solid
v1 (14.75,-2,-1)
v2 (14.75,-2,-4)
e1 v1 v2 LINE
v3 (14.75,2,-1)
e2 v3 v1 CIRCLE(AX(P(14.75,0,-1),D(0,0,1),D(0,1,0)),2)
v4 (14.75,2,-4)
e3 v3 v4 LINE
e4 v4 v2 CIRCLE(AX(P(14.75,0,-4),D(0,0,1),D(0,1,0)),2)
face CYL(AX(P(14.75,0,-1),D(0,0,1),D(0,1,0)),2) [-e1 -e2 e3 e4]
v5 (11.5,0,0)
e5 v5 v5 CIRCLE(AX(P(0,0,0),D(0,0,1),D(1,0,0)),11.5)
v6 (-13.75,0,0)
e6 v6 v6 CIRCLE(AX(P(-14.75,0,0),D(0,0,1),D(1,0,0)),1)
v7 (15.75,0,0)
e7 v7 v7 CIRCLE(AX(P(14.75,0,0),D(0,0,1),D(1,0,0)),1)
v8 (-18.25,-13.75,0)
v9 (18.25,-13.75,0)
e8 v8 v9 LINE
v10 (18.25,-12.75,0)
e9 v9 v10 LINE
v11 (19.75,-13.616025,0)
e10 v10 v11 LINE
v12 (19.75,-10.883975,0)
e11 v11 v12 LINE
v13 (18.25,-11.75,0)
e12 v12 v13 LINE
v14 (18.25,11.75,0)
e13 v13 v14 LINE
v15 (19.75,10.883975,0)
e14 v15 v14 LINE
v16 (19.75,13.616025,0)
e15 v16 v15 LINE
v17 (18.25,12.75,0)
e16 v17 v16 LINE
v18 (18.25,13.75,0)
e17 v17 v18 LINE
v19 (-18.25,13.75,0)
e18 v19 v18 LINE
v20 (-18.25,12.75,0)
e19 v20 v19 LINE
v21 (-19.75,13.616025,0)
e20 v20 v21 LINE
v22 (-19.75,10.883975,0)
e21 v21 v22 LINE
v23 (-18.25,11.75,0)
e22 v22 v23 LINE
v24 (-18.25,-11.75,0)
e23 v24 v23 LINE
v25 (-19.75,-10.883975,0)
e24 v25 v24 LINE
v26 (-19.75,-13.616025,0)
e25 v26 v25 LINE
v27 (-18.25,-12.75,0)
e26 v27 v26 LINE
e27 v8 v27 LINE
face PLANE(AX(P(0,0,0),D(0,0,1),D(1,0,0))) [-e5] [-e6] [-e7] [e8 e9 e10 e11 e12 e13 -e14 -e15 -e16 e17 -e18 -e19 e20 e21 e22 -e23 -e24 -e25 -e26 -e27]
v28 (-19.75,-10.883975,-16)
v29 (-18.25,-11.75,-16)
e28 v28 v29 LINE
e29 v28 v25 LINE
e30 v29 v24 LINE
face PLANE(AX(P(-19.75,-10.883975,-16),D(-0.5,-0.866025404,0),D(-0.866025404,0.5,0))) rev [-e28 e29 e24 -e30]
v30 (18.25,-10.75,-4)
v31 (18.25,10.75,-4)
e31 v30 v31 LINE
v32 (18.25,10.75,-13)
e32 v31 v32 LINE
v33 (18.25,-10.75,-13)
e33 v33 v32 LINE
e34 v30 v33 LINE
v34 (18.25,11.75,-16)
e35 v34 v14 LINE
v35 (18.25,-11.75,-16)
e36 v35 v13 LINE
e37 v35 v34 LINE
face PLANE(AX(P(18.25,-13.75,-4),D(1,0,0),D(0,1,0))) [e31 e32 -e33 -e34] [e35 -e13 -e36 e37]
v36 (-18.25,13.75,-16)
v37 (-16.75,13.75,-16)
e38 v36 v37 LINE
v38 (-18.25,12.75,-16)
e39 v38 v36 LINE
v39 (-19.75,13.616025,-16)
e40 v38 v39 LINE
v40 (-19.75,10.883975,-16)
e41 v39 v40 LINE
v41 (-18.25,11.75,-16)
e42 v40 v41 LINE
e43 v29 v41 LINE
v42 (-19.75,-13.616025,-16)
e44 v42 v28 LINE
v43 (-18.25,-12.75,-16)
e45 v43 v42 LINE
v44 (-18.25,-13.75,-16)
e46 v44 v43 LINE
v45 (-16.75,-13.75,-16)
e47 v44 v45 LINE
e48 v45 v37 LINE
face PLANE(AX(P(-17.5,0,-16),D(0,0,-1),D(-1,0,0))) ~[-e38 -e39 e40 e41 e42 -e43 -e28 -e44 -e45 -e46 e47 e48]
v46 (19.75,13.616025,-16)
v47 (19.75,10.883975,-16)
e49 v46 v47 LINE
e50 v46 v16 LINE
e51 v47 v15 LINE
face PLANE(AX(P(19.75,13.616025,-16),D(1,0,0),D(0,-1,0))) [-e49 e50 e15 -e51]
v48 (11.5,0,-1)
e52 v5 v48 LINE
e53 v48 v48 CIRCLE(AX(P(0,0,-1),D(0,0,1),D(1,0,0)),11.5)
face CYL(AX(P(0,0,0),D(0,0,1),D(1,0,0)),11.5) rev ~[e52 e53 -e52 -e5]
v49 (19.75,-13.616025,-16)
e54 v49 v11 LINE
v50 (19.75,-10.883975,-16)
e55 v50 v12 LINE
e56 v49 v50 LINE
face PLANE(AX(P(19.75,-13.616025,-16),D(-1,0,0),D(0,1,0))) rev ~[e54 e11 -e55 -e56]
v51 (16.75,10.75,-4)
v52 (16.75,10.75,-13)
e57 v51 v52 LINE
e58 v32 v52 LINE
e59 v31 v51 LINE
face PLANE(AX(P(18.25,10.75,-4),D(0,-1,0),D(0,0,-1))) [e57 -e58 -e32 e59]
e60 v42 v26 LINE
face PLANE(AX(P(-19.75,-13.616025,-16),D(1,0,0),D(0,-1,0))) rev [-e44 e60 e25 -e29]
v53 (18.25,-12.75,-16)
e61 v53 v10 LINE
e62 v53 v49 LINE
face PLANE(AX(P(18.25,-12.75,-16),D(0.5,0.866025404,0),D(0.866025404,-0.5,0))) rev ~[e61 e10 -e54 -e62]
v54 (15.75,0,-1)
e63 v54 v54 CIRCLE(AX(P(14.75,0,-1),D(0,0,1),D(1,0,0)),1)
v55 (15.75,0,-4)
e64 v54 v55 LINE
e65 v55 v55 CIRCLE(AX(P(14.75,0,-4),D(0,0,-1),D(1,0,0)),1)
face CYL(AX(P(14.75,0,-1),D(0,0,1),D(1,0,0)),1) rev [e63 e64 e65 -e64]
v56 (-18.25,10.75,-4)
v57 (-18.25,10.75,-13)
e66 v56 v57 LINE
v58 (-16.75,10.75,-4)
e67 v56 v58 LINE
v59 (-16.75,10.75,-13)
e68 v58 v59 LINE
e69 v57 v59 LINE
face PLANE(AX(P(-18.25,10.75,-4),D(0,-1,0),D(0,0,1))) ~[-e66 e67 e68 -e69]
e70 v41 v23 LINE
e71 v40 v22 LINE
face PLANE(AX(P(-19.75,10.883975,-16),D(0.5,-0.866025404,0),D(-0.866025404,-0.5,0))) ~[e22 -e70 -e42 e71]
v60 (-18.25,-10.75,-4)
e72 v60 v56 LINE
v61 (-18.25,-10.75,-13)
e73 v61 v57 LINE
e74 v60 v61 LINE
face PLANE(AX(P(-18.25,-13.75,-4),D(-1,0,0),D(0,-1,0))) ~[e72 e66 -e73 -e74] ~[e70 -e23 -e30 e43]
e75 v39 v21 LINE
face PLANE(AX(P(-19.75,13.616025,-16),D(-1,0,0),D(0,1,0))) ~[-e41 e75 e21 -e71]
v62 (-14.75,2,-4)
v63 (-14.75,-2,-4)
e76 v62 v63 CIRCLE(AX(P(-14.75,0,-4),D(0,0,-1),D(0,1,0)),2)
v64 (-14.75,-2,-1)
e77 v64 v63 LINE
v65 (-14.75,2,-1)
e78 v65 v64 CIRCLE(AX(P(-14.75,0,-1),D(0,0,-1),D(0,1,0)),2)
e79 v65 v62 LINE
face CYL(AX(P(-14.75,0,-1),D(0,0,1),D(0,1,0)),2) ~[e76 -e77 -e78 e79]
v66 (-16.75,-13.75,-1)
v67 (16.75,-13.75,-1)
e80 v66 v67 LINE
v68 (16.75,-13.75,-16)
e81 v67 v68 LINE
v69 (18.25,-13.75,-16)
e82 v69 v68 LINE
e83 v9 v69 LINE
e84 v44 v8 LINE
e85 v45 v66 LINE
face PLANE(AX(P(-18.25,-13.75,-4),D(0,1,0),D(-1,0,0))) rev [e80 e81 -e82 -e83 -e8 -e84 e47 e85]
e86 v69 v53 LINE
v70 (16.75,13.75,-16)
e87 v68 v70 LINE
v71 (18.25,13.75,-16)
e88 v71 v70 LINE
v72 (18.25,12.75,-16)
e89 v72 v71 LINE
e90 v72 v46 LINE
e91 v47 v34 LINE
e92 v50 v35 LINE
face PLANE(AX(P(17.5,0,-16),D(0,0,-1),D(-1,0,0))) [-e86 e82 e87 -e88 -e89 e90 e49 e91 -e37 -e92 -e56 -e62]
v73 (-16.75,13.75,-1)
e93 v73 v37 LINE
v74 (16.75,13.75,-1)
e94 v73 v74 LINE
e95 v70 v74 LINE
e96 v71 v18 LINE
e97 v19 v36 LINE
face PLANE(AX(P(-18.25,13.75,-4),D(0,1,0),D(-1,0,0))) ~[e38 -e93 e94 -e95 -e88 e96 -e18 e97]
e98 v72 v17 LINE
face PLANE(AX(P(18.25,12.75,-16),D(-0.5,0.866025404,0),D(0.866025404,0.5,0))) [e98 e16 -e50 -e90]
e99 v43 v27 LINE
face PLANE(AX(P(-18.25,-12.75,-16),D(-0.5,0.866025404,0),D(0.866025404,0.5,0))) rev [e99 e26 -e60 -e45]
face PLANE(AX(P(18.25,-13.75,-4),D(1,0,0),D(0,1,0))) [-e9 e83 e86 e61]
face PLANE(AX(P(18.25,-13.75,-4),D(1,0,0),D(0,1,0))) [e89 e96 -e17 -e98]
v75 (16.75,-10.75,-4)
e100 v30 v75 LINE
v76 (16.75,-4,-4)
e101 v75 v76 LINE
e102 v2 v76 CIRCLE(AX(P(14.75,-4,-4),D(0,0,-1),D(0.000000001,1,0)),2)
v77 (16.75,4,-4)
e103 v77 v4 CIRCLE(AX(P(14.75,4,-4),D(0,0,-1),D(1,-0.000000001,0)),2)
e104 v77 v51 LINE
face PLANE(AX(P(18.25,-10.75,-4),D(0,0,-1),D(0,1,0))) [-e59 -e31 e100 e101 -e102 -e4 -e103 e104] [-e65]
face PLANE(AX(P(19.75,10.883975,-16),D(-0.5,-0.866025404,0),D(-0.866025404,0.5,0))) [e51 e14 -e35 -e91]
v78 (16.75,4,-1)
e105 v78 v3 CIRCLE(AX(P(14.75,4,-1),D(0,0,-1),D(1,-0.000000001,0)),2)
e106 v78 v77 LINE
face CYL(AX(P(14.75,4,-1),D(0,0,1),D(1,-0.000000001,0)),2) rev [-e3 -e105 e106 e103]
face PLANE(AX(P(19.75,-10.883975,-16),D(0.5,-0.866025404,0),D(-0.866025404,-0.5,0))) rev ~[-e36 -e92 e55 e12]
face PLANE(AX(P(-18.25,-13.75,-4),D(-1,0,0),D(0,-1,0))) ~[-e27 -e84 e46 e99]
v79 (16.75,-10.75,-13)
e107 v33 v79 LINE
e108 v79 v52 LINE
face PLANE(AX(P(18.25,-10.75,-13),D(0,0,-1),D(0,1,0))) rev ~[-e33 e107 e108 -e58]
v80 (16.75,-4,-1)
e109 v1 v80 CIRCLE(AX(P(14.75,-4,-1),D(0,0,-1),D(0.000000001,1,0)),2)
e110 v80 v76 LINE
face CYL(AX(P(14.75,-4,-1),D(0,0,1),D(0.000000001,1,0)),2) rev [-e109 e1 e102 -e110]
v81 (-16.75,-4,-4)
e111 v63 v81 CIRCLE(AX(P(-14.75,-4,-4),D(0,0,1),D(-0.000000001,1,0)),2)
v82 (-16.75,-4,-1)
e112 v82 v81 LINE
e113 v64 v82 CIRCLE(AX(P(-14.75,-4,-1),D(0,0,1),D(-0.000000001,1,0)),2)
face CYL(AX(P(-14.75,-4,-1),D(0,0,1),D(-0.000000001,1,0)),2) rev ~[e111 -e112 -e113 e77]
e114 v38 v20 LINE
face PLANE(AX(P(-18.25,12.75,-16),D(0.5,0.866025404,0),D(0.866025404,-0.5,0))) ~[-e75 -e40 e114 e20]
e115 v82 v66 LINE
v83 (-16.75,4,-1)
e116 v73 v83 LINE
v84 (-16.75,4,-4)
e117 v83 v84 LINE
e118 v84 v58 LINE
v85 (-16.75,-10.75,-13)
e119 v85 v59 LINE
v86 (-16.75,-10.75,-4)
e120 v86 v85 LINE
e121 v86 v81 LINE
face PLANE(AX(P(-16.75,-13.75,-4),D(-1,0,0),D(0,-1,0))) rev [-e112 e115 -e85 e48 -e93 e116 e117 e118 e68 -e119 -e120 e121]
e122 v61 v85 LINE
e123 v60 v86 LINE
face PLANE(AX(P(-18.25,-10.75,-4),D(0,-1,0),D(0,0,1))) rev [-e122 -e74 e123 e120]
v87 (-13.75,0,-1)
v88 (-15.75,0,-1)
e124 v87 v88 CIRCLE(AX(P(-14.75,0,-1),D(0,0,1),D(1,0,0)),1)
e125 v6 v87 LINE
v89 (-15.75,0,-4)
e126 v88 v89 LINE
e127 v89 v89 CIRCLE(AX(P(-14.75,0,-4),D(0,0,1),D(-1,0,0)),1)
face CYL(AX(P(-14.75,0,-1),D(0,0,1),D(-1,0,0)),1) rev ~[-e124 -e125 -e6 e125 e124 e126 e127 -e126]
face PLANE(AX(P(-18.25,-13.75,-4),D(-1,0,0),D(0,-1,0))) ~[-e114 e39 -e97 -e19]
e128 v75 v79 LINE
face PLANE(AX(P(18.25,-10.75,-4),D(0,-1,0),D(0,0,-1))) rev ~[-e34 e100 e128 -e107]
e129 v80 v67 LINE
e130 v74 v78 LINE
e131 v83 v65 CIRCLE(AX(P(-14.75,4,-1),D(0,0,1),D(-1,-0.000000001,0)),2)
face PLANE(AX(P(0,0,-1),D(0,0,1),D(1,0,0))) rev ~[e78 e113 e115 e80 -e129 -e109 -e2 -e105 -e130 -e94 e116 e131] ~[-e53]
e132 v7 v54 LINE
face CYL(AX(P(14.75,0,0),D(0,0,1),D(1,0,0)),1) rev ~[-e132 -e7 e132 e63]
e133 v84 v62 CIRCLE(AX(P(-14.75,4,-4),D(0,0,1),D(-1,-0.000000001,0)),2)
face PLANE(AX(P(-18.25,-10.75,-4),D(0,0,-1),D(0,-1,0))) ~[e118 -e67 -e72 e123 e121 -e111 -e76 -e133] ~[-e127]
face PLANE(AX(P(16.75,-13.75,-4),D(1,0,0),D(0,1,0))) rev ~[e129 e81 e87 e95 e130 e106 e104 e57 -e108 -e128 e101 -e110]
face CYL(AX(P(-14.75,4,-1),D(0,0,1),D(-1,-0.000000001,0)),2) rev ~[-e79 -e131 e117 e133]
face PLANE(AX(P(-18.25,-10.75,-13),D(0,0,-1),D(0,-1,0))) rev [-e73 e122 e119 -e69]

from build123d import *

# Parameters (mm, degrees)
SKETCH2_W           = 36.5
SKETCH2_H           = 27.5
SKETCH2_R           = 11.5
SKETCH2_R_2         = 1
BOSS_EXTRUDE1_DEPTH = 1
SKETCH4_R           = 1
BOSS_EXTRUDE2_DEPTH = 3
SKETCH5_W           = 1.5
SKETCH5_H           = 27.5
BOSS_EXTRUDE3_DEPTH = 12
SKETCH6_W           = 9
SKETCH6_H           = 21.5
CUT_EXTRUDE1_DEPTH  = 1.5
BOSS_EXTRUDE4_DEPTH = 16


with BuildPart() as part:
    # Sketch2 → Boss-Extrude1 (new body)
    with BuildSketch(Plane.XY):
        Rectangle(SKETCH2_W, SKETCH2_H)
        Circle(SKETCH2_R, mode=Mode.SUBTRACT)
        with Locations((-14.75, 0)):
            Circle(SKETCH2_R_2, mode=Mode.SUBTRACT)
        with Locations((14.75, 0)):
            Circle(SKETCH2_R_2, mode=Mode.SUBTRACT)
    extrude(amount=-BOSS_EXTRUDE1_DEPTH)

    # Sketch4 → Boss-Extrude2 (add)
    with BuildSketch(Plane(origin=(0, 0, -1), x_dir=(-1, 0, 0), z_dir=(0, 0, -1))):
        with BuildLine():
            Line((-16.75, 13.75), (-16.75, 4))
            ThreePointArc((-16.75, 4), (-16.164213562, 2.585786438), (-14.75, 2))
            ThreePointArc((-14.75, 2), (-12.75, 0), (-14.75, -2))
            ThreePointArc((-14.75, -2), (-16.164213562, -2.585786438), (-16.75, -4))
            Line((-16.75, -4), (-16.75, -13.75))
            Line((-16.75, -13.75), (-18.25, -13.75))
            Line((-18.25, -13.75), (-18.25, 13.75))
            Line((-18.25, 13.75), (-16.75, 13.75))
        make_face()
        with Locations(Location((-14.75, 0, 0), (0, 0, 180))):
            Circle(SKETCH4_R, mode=Mode.SUBTRACT)
    boss_extrude2 = extrude(amount=BOSS_EXTRUDE2_DEPTH)

    # Sketch5 → Boss-Extrude3 (add)
    with BuildSketch(Plane(origin=(0, 0, -4), x_dir=(-1, 0, 0), z_dir=(0, 0, -1))):
        with Locations((-17.5, 0)):
            Rectangle(SKETCH5_W, SKETCH5_H)
    boss_extrude3 = extrude(amount=BOSS_EXTRUDE3_DEPTH)

    # Sketch6 → Cut-Extrude1 (cut)
    with BuildSketch(Plane(origin=(18.25, 0, 0), x_dir=(0, 0, -1), z_dir=(1, 0, 0))):
        with Locations((8.5, 0)):
            Rectangle(SKETCH6_W, SKETCH6_H)
    cut_extrude1 = extrude(amount=-CUT_EXTRUDE1_DEPTH, mode=Mode.SUBTRACT)

    # Sketch7 → Boss-Extrude4 (add)
    with BuildSketch(Plane(origin=(0, 0, -16), x_dir=(-1, 0, 0), z_dir=(0, 0, -1))):
        Polygon((-18.25, 12.75), (-19.75, 13.616025404), (-19.75, 10.883974596), (-18.25, 11.75), align=None)
        Polygon((-19.75, -10.883974596), (-18.25, -11.75), (-18.25, -12.75), (-19.75, -13.616025404), align=None)
    boss_extrude4 = extrude(amount=-BOSS_EXTRUDE4_DEPTH)

    # Mirror1: Boss-Extrude2, Boss-Extrude3, Cut-Extrude1, Boss-Extrude4 across plane
    add(boss_extrude2.mirror(Plane(origin=(0, 0, 0), x_dir=(0, 0, 1), z_dir=(1, 0, 0))))
    add(boss_extrude3.mirror(Plane(origin=(0, 0, 0), x_dir=(0, 0, 1), z_dir=(1, 0, 0))))
    add(cut_extrude1.mirror(Plane(origin=(0, 0, 0), x_dir=(0, 0, 1), z_dir=(1, 0, 0))), mode=Mode.SUBTRACT)
    add(boss_extrude4.mirror(Plane(origin=(0, 0, 0), x_dir=(0, 0, 1), z_dir=(1, 0, 0))))


solid = part.part
